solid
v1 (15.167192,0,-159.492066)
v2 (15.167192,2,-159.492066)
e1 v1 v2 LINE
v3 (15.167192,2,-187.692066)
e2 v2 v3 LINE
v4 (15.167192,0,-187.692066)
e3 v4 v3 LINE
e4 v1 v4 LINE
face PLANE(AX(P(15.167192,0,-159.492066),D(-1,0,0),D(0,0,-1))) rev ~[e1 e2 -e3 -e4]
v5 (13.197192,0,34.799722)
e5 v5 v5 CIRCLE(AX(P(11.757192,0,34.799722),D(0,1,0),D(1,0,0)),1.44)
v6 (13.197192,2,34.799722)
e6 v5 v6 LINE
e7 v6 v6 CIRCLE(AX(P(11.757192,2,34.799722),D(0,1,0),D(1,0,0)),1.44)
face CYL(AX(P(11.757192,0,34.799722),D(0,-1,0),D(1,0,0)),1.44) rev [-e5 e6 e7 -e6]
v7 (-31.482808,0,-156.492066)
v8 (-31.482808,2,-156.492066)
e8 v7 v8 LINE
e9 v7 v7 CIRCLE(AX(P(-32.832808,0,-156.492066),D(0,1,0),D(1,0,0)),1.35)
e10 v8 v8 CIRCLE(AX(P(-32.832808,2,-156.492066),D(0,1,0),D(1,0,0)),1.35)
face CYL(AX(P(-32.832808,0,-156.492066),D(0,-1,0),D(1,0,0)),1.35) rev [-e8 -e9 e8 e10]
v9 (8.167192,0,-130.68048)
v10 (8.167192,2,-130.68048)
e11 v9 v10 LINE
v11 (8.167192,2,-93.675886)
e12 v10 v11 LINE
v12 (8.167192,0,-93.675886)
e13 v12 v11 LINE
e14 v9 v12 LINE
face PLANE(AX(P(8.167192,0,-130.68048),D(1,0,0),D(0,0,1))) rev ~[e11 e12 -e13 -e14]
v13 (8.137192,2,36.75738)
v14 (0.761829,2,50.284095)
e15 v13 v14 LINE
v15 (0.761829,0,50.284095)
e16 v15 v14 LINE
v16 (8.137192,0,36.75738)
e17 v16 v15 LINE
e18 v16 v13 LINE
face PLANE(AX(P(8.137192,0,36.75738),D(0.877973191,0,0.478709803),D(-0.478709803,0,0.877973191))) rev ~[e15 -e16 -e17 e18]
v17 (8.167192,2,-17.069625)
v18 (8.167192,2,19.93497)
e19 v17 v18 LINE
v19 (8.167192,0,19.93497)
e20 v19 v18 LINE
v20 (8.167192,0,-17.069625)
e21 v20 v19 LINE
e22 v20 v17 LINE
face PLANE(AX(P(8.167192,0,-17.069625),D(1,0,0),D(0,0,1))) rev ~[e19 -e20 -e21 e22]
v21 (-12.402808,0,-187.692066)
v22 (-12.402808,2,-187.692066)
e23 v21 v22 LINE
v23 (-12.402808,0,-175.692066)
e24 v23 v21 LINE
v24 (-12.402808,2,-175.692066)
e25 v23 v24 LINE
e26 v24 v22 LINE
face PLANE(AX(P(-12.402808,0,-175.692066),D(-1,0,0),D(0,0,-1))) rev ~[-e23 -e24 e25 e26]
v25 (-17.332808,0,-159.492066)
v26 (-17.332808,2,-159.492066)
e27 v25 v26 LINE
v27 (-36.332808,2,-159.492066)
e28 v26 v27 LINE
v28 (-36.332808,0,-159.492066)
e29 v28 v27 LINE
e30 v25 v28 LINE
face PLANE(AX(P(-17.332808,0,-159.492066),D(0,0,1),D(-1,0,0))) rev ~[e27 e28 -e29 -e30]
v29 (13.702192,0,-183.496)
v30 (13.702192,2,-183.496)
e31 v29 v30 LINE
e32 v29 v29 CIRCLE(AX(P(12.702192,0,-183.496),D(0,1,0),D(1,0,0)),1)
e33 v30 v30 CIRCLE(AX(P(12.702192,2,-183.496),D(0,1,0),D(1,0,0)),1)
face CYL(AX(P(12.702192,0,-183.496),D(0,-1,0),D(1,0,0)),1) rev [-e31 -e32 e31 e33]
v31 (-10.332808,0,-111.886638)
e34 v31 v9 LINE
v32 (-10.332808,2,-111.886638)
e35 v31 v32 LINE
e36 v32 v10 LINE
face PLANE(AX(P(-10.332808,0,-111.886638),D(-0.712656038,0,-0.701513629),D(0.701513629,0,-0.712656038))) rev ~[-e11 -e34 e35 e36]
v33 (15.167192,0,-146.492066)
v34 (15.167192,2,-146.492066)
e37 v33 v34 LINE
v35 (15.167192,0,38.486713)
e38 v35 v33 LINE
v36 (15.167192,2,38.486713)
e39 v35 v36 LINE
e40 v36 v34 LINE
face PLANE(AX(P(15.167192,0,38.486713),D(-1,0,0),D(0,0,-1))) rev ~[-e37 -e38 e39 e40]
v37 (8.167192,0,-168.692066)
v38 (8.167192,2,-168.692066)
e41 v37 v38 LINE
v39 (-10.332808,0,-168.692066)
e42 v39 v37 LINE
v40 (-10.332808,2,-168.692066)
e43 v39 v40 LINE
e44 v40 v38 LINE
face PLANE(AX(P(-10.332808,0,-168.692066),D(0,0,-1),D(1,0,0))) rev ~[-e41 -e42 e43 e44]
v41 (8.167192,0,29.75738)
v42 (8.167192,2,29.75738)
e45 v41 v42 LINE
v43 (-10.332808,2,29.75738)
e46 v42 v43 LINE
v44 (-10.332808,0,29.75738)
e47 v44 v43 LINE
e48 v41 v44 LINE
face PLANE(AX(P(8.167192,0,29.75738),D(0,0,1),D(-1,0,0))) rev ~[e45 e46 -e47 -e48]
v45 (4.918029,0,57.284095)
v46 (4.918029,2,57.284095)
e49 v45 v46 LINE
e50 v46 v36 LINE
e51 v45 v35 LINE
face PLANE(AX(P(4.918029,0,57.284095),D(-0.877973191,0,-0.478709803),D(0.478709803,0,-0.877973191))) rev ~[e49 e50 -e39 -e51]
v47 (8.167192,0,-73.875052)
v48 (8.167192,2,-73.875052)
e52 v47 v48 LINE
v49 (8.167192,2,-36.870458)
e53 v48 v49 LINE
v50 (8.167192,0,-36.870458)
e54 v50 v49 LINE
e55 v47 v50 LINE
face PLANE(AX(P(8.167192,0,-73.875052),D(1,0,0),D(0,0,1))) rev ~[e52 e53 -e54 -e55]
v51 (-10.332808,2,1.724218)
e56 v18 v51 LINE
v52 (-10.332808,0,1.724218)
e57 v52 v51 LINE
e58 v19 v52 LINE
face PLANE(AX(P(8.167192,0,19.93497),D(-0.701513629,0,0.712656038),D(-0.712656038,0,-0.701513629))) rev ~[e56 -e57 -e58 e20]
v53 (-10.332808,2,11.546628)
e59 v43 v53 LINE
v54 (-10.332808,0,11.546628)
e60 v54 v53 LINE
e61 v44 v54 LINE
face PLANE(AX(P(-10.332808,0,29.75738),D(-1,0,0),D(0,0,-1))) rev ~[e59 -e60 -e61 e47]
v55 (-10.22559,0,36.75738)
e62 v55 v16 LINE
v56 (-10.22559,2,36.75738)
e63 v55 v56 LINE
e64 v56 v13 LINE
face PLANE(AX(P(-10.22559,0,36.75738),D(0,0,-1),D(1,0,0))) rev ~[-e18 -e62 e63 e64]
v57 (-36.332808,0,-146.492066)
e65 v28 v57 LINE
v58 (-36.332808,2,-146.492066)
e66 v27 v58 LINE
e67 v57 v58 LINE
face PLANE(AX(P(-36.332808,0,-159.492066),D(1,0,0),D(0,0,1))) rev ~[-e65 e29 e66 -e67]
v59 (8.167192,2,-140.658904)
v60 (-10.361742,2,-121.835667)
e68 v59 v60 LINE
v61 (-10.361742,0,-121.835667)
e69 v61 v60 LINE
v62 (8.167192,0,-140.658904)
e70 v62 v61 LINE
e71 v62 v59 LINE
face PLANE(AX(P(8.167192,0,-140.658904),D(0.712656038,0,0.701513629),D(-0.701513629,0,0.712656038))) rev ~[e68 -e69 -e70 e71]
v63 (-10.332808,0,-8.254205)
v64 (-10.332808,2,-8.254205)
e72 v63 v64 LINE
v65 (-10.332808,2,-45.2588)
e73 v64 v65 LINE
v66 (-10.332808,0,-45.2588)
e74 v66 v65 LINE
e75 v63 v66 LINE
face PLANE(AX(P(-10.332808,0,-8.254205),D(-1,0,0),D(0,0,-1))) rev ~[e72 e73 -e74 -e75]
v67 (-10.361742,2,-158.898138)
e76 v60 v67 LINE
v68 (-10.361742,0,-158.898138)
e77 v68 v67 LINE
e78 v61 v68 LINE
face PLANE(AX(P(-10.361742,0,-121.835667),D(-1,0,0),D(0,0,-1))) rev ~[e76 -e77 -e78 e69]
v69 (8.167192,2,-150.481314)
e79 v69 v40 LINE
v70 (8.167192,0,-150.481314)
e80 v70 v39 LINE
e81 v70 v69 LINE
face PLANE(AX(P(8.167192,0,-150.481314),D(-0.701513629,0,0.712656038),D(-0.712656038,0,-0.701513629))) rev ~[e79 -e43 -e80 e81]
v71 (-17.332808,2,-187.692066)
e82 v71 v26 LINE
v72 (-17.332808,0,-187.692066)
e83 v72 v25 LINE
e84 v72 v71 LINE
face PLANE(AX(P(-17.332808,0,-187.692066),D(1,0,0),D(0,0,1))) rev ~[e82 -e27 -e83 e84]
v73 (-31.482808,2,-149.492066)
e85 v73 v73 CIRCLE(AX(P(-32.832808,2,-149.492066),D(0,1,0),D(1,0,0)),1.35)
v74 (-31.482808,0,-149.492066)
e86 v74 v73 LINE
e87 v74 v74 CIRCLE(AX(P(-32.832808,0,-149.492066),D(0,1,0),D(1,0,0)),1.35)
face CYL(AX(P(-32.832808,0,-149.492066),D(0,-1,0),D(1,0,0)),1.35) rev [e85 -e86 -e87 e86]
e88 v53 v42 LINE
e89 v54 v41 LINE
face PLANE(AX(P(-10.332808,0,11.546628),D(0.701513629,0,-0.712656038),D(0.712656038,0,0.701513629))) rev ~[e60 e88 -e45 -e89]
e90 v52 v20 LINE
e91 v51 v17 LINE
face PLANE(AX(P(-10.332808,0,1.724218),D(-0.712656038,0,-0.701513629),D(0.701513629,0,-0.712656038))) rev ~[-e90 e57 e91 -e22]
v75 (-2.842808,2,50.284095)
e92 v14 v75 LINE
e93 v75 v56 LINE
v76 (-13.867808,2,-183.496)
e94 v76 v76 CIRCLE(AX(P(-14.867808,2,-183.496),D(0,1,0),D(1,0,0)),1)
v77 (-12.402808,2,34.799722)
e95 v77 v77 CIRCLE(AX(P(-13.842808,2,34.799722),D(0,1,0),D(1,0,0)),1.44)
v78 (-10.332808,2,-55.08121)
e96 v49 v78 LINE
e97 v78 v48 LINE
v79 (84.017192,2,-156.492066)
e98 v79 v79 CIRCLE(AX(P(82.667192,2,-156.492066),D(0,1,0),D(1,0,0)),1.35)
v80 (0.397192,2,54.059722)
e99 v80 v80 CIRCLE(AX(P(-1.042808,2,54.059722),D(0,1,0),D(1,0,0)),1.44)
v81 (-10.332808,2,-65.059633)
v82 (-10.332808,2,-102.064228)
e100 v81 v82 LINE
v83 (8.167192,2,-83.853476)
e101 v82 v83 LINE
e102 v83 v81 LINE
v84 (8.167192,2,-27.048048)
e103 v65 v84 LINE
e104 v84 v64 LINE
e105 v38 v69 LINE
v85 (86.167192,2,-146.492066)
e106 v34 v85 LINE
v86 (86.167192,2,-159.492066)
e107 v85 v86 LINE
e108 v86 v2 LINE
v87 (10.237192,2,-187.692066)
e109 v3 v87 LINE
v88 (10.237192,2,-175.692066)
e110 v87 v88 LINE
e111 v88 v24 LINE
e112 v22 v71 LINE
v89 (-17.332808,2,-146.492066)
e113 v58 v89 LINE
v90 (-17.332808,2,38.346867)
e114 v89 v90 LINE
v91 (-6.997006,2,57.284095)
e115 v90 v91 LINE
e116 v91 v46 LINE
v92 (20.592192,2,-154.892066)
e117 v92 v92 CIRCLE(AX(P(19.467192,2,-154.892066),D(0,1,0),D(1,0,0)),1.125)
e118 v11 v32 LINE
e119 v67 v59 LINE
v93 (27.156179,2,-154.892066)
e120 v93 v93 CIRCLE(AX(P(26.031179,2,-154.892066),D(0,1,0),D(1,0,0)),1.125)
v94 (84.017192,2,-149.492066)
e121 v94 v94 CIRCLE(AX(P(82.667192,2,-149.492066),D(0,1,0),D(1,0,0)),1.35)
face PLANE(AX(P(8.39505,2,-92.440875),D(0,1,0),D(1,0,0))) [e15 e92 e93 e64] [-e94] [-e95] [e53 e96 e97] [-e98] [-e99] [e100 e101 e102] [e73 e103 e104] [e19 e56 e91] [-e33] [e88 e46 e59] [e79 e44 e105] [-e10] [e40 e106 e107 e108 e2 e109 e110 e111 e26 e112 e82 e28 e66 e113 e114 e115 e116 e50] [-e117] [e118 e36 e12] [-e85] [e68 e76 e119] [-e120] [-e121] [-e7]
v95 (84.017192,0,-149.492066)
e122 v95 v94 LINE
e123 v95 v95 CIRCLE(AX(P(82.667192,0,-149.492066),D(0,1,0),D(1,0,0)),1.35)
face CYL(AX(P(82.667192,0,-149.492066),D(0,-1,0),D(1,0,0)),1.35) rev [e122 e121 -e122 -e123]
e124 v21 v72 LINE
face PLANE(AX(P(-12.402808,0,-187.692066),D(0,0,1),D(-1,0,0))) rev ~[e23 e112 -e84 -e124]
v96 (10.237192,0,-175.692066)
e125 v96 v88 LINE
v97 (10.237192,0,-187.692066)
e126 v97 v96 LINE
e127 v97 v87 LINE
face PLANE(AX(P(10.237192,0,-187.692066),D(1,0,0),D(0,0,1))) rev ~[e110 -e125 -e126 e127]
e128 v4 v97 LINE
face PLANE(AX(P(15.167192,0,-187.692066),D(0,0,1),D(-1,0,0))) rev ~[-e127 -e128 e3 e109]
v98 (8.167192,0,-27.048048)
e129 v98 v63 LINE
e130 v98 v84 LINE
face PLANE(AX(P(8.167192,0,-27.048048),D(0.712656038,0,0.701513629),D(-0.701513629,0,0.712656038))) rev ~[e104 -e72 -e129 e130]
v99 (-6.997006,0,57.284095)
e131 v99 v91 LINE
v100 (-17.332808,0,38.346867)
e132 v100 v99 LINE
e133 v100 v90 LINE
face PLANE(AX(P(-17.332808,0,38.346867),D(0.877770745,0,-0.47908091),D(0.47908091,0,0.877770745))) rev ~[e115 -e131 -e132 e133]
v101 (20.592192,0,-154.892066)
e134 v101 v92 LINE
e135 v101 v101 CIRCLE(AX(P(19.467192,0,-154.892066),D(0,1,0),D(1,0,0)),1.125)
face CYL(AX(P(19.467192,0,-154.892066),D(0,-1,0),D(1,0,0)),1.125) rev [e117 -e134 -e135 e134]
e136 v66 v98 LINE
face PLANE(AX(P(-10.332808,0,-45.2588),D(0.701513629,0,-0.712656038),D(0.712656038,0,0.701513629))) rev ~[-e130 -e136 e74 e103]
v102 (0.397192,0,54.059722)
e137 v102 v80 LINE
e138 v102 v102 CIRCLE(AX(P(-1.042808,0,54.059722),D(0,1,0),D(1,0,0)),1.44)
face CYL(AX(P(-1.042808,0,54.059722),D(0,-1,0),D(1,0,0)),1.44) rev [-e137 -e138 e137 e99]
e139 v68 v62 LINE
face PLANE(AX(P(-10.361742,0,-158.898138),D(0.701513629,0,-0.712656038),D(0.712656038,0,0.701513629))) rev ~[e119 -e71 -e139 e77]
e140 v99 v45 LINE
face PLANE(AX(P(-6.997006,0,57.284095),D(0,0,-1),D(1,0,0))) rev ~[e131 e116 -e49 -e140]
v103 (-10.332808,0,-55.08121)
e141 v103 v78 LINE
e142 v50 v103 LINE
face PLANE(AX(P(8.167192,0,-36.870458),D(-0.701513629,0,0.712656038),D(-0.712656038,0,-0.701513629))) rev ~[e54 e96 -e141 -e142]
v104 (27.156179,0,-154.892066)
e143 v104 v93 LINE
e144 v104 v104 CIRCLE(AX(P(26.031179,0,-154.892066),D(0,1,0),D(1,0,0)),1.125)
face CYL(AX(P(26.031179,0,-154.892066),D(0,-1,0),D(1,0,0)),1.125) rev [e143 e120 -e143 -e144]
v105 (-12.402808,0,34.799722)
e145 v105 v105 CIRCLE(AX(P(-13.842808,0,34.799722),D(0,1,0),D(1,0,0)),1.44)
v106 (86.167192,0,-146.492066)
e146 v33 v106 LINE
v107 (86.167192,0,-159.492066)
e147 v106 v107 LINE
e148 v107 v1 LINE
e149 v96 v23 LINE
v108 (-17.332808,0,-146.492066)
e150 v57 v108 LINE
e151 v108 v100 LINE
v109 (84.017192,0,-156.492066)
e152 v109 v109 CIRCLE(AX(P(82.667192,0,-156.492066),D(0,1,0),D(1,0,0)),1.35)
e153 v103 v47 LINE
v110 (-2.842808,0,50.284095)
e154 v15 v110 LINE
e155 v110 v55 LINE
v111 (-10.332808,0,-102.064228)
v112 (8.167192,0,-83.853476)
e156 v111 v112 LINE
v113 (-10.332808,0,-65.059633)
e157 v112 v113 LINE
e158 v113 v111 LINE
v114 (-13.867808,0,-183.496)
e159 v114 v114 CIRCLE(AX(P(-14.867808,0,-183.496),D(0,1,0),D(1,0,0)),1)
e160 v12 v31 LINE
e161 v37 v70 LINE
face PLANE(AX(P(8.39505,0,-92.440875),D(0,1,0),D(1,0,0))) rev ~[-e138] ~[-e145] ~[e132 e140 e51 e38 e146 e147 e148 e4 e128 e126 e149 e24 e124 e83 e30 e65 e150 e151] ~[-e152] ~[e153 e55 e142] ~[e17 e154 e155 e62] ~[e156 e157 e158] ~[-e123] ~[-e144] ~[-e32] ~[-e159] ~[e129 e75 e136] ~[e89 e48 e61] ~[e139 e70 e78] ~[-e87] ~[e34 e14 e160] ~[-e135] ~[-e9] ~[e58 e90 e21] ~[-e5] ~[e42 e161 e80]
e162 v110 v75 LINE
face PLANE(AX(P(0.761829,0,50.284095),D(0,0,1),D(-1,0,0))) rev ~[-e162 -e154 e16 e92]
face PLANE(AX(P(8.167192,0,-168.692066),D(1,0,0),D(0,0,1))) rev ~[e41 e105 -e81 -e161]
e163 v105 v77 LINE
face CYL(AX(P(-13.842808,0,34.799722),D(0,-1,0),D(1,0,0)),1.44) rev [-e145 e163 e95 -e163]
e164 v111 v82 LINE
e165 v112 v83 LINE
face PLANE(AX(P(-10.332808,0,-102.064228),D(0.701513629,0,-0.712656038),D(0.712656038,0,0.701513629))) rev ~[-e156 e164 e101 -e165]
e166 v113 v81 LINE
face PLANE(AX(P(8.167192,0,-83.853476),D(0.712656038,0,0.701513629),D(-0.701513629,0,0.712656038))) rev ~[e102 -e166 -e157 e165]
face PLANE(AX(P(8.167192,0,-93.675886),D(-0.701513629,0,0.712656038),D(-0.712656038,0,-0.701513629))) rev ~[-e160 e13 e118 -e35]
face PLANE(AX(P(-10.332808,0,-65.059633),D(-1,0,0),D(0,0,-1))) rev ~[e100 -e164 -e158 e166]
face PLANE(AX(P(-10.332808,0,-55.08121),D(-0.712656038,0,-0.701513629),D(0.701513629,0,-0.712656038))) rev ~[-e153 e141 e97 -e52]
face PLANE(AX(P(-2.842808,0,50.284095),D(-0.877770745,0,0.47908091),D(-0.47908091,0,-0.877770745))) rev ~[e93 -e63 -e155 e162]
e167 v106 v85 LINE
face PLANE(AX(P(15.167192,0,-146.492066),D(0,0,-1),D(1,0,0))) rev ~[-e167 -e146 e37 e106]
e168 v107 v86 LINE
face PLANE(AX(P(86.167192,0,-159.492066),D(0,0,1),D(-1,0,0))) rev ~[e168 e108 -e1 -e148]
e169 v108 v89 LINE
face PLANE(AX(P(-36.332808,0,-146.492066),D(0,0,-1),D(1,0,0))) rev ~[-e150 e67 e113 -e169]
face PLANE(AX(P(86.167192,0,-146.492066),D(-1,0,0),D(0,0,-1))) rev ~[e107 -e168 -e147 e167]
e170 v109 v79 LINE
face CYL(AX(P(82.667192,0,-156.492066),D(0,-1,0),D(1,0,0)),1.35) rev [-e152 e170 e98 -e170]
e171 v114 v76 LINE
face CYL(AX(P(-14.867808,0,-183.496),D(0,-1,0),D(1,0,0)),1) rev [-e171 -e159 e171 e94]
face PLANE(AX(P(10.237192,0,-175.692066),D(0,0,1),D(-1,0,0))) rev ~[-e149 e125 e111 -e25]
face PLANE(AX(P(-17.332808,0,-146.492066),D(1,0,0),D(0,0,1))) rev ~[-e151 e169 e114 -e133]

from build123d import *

# Parameters (mm, degrees)
SKETCH1_R           = 1.44
SKETCH1_R_2         = 1.35
SKETCH1_R_3         = 1
SKETCH1_R_4         = 1.125
BOSS_EXTRUDE1_DEPTH = 2


with BuildPart() as part:
    # Sketch1 → Boss-Extrude1 (new body)
    with BuildSketch(Plane(origin=(0, 0, 0), x_dir=(1, 0, 0), z_dir=(0, 1, 0))):
        Polygon((-17.332807681, 117.69771489), (-17.332807681, -38.346866508), (-6.997005855, -57.284094596), (4.918028523, -57.284094596), (15.167192319, -38.486712582), (15.167192319, 146.492065716), (86.167192319, 146.492065716), (86.167192319, 159.492065716), (15.167192319, 159.492065716), (15.167192319, 187.692065716), (10.237192319, 187.692065716), (10.237192319, 175.692065716), (-12.402807681, 175.692065716), (-12.402807681, 187.692065716), (-17.332807681, 187.692065716), (-17.332807681, 159.492065716), (-36.332807681, 159.492065716), (-36.332807681, 146.492065716), (-17.332807681, 146.492065716), align=None)
        with Locations((-13.842807681, -34.799722329)):
            Circle(SKETCH1_R, mode=Mode.SUBTRACT)
        with Locations((-1.042807681, -54.059722329)):
            Circle(SKETCH1_R, mode=Mode.SUBTRACT)
        Polygon((-2.842807681, -50.284094596), (-10.225590468, -36.757379986), (8.137192319, -36.757379986), (0.761829434, -50.284094596), align=None, mode=Mode.SUBTRACT)
        with Locations((11.757192319, -34.799722329)):
            Circle(SKETCH1_R, mode=Mode.SUBTRACT)
        Polygon((8.167192319, -29.757379986), (-10.332807681, -29.757379986), (-10.332807681, -11.546628322), align=None, mode=Mode.SUBTRACT)
        Polygon((8.167192319, -19.934969699), (-10.332807681, -1.724218034), (8.167192319, 17.069624543), align=None, mode=Mode.SUBTRACT)
        Polygon((8.167192319, 27.048047931), (-10.332807681, 8.254205353), (-10.332807681, 45.258799595), align=None, mode=Mode.SUBTRACT)
        Polygon((8.167192319, 36.870458218), (-10.332807681, 55.081209882), (8.167192319, 73.87505246), align=None, mode=Mode.SUBTRACT)
        Polygon((8.167192319, 83.853475847), (-10.332807681, 65.05963327), (-10.332807681, 102.064227512), align=None, mode=Mode.SUBTRACT)
        Polygon((8.167192319, 93.675886135), (-10.332807681, 111.886637799), (8.167192319, 130.680480377), align=None, mode=Mode.SUBTRACT)
        with Locations((-32.832807681, 149.492065716)):
            Circle(SKETCH1_R_2, mode=Mode.SUBTRACT)
        with Locations((-32.832807681, 156.492065716)):
            Circle(SKETCH1_R_2, mode=Mode.SUBTRACT)
        with Locations((-14.867807681, 183.496000094)):
            Circle(SKETCH1_R_3, mode=Mode.SUBTRACT)
        Polygon((8.167192319, 140.658903764), (-10.361742255, 121.835667033), (-10.361742255, 158.89813761), align=None, mode=Mode.SUBTRACT)
        with Locations((19.467192319, 154.892065716)):
            Circle(SKETCH1_R_4, mode=Mode.SUBTRACT)
        Polygon((8.167192319, 150.481314052), (-10.332807681, 168.692065716), (8.167192319, 168.692065716), align=None, mode=Mode.SUBTRACT)
        with Locations((12.702192319, 183.496000094)):
            Circle(SKETCH1_R_3, mode=Mode.SUBTRACT)
        with Locations((26.031178731, 154.892065716)):
            Circle(SKETCH1_R_4, mode=Mode.SUBTRACT)
        with Locations((82.667192319, 149.492065716)):
            Circle(SKETCH1_R_2, mode=Mode.SUBTRACT)
        with Locations((82.667192319, 156.492065716)):
            Circle(SKETCH1_R_2, mode=Mode.SUBTRACT)
    extrude(amount=BOSS_EXTRUDE1_DEPTH)


solid = part.part
